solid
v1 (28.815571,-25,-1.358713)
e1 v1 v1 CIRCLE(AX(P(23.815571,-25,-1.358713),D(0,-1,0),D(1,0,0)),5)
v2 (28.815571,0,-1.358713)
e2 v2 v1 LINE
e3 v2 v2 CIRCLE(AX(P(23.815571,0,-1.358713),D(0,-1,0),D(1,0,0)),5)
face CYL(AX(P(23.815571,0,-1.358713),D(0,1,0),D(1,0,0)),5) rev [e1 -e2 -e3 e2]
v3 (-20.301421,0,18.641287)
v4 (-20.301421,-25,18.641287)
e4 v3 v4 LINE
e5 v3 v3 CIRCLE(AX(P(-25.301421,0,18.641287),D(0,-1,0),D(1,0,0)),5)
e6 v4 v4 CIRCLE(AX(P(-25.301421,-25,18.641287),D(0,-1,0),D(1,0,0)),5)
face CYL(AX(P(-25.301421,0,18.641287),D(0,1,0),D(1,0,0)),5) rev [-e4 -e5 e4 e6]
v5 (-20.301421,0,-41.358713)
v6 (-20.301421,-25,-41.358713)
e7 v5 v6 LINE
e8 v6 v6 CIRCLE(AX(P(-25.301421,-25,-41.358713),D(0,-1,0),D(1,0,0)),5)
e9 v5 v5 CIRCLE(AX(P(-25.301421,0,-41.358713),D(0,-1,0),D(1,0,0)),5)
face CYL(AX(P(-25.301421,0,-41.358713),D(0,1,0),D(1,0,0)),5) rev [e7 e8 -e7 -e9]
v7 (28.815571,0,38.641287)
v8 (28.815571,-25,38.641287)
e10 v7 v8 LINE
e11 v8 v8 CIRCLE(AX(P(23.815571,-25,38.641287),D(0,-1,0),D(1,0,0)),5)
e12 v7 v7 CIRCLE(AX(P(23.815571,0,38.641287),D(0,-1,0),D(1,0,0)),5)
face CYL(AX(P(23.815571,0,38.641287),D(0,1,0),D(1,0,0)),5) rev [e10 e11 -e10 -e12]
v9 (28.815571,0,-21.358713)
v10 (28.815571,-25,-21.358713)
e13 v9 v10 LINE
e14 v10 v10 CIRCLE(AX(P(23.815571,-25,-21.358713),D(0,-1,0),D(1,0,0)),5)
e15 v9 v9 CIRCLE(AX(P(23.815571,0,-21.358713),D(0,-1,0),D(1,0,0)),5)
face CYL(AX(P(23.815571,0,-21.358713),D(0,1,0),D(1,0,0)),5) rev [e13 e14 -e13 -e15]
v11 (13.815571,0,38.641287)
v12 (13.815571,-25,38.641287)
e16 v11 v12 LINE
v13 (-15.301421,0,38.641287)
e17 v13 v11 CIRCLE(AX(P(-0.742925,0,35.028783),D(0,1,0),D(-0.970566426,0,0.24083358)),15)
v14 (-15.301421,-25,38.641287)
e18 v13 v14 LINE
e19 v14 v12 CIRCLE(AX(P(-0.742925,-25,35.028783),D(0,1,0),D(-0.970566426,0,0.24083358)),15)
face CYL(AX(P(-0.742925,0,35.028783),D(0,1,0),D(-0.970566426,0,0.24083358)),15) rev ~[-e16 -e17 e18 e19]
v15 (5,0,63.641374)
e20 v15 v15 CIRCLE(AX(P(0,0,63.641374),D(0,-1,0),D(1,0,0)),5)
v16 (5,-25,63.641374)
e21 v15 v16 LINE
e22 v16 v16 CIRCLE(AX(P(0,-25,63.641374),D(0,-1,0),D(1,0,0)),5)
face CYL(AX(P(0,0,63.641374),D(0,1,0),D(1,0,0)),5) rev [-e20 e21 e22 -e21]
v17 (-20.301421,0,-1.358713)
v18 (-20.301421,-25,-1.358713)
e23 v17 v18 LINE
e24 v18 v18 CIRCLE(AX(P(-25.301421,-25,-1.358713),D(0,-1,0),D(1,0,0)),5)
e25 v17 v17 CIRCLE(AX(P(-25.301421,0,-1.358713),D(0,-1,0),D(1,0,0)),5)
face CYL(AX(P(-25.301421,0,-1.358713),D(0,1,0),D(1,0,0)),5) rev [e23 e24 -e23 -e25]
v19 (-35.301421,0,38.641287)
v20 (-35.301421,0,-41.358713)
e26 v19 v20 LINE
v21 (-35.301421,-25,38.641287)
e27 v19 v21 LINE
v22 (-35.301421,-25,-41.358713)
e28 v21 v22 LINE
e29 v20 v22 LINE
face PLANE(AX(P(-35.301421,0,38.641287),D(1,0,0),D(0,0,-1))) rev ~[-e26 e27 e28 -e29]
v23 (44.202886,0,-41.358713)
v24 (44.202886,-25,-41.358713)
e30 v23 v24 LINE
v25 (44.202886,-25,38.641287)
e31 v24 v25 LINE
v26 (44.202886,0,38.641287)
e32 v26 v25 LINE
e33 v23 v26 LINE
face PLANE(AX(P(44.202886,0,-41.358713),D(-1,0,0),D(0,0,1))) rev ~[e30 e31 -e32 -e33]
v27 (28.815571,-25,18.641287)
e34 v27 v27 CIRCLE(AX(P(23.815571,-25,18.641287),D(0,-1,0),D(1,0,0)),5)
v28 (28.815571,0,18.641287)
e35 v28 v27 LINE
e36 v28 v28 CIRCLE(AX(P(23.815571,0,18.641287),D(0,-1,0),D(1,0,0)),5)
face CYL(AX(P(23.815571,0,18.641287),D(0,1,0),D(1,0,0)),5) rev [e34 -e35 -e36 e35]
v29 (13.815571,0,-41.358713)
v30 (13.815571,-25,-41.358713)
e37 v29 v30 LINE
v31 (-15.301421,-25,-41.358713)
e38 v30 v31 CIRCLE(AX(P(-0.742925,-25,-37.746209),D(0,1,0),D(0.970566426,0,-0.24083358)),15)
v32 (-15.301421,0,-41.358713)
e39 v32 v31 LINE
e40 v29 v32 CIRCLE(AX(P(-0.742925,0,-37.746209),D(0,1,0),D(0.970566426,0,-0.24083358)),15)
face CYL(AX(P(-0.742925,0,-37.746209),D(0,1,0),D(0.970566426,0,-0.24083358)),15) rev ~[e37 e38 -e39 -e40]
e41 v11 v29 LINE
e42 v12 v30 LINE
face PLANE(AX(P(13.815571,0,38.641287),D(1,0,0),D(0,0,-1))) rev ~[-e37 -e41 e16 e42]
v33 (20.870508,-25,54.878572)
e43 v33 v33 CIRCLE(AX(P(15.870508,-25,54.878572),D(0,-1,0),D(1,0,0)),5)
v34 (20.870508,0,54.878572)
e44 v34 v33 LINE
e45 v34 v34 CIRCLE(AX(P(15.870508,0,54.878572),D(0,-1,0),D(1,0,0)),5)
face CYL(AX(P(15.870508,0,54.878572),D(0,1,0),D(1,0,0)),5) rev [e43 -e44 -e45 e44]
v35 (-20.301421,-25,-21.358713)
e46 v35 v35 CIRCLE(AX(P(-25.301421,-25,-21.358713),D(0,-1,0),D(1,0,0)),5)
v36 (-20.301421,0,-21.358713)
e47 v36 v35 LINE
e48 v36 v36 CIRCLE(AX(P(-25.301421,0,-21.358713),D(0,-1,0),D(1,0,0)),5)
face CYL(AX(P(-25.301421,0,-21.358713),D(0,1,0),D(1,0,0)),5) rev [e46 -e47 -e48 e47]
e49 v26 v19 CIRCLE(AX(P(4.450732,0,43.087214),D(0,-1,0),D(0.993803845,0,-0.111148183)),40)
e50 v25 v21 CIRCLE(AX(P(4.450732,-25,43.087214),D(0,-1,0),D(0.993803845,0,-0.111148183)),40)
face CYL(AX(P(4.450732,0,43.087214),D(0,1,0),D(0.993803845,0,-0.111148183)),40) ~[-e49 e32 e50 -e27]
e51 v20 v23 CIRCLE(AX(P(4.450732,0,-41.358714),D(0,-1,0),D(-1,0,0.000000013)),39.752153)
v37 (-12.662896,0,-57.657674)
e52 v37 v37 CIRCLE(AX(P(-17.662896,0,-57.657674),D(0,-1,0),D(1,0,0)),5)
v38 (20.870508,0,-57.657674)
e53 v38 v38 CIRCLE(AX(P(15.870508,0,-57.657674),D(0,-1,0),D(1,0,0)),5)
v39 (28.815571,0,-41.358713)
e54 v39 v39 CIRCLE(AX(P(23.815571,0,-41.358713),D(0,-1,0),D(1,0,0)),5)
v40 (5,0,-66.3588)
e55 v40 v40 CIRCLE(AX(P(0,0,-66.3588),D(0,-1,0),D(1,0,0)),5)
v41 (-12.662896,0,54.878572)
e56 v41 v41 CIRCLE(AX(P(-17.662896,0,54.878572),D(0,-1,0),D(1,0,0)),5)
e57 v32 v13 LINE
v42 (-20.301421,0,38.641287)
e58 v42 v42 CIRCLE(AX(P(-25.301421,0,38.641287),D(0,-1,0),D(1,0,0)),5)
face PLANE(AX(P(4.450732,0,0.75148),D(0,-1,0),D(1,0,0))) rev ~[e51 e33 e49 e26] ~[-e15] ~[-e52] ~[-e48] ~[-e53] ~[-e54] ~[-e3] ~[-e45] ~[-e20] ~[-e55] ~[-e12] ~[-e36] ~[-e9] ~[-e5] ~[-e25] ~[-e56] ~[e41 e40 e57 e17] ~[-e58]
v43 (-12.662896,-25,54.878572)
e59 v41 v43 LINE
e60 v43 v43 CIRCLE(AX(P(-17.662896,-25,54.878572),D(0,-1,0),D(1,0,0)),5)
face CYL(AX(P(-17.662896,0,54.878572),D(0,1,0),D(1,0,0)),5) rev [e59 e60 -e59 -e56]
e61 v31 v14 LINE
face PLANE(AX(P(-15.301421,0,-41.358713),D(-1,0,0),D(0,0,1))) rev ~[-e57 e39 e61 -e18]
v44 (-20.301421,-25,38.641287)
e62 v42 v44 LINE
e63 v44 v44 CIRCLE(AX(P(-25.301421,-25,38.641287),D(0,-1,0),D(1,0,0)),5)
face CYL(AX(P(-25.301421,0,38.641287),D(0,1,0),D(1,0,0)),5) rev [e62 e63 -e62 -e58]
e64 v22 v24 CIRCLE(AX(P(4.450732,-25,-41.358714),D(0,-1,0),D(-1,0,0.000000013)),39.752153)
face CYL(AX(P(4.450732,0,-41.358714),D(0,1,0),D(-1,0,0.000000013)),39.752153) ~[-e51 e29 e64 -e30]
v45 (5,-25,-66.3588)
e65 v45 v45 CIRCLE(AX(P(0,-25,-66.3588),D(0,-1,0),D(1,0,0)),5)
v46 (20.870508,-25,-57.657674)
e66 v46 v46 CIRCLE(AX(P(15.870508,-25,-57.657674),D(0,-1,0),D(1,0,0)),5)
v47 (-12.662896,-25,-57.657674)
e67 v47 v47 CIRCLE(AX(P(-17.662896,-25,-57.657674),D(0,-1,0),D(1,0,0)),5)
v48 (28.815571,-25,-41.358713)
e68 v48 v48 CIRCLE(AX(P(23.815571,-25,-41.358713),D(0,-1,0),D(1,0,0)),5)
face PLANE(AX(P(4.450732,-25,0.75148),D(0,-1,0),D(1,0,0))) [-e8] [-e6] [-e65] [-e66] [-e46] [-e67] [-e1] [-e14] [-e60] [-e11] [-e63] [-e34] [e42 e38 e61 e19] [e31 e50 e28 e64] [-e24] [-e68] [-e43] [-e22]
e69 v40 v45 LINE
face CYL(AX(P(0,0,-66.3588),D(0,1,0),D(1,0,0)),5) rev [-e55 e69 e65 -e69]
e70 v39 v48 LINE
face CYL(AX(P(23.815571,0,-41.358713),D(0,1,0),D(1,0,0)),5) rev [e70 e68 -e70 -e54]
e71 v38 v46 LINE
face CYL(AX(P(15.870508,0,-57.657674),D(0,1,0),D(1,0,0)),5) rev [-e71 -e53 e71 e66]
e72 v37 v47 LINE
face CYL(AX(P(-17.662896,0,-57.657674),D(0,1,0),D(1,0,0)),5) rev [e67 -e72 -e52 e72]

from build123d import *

# Parameters (mm, degrees)
F0_R     = 5
F1_DEPTH = 25


with BuildPart() as f1:
    # F0 (on Front) → F1 (new body)
    with BuildSketch(Plane.XZ):
        with BuildLine():
            ThreePointArc((44.202886, 38.641287), (4.450733, 83.087214), (-35.301421, 38.641287))
            Line((-35.301421, 38.641287), (-35.301421, -41.358713))
            ThreePointArc((-35.301421, -41.358713), (4.450733, -81.110867), (44.202886, -41.358713))
            Line((44.202886, -41.358713), (44.202886, 38.641287))
        make_face()
        with Locations((-17.662896, -57.657674)):
            Circle(F0_R, mode=Mode.SUBTRACT)
        with Locations((-25.301421, -41.358713)):
            Circle(F0_R, mode=Mode.SUBTRACT)
        with Locations((0, -66.3588)):
            Circle(F0_R, mode=Mode.SUBTRACT)
        with Locations((-25.301421, -21.358713)):
            Circle(F0_R, mode=Mode.SUBTRACT)
        with Locations((-25.301421, -1.358713)):
            Circle(F0_R, mode=Mode.SUBTRACT)
        with BuildLine():
            ThreePointArc((-15.301421, 38.641287), (-0.742925, 50.028783), (13.815571, 38.641287))
            Line((13.815571, 38.641287), (13.815571, -41.358713))
            ThreePointArc((13.815571, -41.358713), (-0.742925, -52.746209), (-15.301421, -41.358713))
            Line((-15.301421, -41.358713), (-15.301421, 38.641287))
        make_face(mode=Mode.SUBTRACT)
        with Locations((15.870508, -57.657674)):
            Circle(F0_R, mode=Mode.SUBTRACT)
        with Locations((23.815571, -41.358713)):
            Circle(F0_R, mode=Mode.SUBTRACT)
        with Locations((23.815571, -21.358713)):
            Circle(F0_R, mode=Mode.SUBTRACT)
        with Locations((23.815571, -1.358713)):
            Circle(F0_R, mode=Mode.SUBTRACT)
        with Locations((-25.301421, 18.641287)):
            Circle(F0_R, mode=Mode.SUBTRACT)
        with Locations((-25.301421, 38.641287)):
            Circle(F0_R, mode=Mode.SUBTRACT)
        with Locations((-17.662896, 54.878572)):
            Circle(F0_R, mode=Mode.SUBTRACT)
        with Locations((0, 63.641374)):
            Circle(F0_R, mode=Mode.SUBTRACT)
        with Locations((23.815571, 18.641287)):
            Circle(F0_R, mode=Mode.SUBTRACT)
        with Locations((23.815571, 38.641287)):
            Circle(F0_R, mode=Mode.SUBTRACT)
        with Locations((15.870508, 54.878572)):
            Circle(F0_R, mode=Mode.SUBTRACT)
    extrude(amount=F1_DEPTH)


solid = f1.part
